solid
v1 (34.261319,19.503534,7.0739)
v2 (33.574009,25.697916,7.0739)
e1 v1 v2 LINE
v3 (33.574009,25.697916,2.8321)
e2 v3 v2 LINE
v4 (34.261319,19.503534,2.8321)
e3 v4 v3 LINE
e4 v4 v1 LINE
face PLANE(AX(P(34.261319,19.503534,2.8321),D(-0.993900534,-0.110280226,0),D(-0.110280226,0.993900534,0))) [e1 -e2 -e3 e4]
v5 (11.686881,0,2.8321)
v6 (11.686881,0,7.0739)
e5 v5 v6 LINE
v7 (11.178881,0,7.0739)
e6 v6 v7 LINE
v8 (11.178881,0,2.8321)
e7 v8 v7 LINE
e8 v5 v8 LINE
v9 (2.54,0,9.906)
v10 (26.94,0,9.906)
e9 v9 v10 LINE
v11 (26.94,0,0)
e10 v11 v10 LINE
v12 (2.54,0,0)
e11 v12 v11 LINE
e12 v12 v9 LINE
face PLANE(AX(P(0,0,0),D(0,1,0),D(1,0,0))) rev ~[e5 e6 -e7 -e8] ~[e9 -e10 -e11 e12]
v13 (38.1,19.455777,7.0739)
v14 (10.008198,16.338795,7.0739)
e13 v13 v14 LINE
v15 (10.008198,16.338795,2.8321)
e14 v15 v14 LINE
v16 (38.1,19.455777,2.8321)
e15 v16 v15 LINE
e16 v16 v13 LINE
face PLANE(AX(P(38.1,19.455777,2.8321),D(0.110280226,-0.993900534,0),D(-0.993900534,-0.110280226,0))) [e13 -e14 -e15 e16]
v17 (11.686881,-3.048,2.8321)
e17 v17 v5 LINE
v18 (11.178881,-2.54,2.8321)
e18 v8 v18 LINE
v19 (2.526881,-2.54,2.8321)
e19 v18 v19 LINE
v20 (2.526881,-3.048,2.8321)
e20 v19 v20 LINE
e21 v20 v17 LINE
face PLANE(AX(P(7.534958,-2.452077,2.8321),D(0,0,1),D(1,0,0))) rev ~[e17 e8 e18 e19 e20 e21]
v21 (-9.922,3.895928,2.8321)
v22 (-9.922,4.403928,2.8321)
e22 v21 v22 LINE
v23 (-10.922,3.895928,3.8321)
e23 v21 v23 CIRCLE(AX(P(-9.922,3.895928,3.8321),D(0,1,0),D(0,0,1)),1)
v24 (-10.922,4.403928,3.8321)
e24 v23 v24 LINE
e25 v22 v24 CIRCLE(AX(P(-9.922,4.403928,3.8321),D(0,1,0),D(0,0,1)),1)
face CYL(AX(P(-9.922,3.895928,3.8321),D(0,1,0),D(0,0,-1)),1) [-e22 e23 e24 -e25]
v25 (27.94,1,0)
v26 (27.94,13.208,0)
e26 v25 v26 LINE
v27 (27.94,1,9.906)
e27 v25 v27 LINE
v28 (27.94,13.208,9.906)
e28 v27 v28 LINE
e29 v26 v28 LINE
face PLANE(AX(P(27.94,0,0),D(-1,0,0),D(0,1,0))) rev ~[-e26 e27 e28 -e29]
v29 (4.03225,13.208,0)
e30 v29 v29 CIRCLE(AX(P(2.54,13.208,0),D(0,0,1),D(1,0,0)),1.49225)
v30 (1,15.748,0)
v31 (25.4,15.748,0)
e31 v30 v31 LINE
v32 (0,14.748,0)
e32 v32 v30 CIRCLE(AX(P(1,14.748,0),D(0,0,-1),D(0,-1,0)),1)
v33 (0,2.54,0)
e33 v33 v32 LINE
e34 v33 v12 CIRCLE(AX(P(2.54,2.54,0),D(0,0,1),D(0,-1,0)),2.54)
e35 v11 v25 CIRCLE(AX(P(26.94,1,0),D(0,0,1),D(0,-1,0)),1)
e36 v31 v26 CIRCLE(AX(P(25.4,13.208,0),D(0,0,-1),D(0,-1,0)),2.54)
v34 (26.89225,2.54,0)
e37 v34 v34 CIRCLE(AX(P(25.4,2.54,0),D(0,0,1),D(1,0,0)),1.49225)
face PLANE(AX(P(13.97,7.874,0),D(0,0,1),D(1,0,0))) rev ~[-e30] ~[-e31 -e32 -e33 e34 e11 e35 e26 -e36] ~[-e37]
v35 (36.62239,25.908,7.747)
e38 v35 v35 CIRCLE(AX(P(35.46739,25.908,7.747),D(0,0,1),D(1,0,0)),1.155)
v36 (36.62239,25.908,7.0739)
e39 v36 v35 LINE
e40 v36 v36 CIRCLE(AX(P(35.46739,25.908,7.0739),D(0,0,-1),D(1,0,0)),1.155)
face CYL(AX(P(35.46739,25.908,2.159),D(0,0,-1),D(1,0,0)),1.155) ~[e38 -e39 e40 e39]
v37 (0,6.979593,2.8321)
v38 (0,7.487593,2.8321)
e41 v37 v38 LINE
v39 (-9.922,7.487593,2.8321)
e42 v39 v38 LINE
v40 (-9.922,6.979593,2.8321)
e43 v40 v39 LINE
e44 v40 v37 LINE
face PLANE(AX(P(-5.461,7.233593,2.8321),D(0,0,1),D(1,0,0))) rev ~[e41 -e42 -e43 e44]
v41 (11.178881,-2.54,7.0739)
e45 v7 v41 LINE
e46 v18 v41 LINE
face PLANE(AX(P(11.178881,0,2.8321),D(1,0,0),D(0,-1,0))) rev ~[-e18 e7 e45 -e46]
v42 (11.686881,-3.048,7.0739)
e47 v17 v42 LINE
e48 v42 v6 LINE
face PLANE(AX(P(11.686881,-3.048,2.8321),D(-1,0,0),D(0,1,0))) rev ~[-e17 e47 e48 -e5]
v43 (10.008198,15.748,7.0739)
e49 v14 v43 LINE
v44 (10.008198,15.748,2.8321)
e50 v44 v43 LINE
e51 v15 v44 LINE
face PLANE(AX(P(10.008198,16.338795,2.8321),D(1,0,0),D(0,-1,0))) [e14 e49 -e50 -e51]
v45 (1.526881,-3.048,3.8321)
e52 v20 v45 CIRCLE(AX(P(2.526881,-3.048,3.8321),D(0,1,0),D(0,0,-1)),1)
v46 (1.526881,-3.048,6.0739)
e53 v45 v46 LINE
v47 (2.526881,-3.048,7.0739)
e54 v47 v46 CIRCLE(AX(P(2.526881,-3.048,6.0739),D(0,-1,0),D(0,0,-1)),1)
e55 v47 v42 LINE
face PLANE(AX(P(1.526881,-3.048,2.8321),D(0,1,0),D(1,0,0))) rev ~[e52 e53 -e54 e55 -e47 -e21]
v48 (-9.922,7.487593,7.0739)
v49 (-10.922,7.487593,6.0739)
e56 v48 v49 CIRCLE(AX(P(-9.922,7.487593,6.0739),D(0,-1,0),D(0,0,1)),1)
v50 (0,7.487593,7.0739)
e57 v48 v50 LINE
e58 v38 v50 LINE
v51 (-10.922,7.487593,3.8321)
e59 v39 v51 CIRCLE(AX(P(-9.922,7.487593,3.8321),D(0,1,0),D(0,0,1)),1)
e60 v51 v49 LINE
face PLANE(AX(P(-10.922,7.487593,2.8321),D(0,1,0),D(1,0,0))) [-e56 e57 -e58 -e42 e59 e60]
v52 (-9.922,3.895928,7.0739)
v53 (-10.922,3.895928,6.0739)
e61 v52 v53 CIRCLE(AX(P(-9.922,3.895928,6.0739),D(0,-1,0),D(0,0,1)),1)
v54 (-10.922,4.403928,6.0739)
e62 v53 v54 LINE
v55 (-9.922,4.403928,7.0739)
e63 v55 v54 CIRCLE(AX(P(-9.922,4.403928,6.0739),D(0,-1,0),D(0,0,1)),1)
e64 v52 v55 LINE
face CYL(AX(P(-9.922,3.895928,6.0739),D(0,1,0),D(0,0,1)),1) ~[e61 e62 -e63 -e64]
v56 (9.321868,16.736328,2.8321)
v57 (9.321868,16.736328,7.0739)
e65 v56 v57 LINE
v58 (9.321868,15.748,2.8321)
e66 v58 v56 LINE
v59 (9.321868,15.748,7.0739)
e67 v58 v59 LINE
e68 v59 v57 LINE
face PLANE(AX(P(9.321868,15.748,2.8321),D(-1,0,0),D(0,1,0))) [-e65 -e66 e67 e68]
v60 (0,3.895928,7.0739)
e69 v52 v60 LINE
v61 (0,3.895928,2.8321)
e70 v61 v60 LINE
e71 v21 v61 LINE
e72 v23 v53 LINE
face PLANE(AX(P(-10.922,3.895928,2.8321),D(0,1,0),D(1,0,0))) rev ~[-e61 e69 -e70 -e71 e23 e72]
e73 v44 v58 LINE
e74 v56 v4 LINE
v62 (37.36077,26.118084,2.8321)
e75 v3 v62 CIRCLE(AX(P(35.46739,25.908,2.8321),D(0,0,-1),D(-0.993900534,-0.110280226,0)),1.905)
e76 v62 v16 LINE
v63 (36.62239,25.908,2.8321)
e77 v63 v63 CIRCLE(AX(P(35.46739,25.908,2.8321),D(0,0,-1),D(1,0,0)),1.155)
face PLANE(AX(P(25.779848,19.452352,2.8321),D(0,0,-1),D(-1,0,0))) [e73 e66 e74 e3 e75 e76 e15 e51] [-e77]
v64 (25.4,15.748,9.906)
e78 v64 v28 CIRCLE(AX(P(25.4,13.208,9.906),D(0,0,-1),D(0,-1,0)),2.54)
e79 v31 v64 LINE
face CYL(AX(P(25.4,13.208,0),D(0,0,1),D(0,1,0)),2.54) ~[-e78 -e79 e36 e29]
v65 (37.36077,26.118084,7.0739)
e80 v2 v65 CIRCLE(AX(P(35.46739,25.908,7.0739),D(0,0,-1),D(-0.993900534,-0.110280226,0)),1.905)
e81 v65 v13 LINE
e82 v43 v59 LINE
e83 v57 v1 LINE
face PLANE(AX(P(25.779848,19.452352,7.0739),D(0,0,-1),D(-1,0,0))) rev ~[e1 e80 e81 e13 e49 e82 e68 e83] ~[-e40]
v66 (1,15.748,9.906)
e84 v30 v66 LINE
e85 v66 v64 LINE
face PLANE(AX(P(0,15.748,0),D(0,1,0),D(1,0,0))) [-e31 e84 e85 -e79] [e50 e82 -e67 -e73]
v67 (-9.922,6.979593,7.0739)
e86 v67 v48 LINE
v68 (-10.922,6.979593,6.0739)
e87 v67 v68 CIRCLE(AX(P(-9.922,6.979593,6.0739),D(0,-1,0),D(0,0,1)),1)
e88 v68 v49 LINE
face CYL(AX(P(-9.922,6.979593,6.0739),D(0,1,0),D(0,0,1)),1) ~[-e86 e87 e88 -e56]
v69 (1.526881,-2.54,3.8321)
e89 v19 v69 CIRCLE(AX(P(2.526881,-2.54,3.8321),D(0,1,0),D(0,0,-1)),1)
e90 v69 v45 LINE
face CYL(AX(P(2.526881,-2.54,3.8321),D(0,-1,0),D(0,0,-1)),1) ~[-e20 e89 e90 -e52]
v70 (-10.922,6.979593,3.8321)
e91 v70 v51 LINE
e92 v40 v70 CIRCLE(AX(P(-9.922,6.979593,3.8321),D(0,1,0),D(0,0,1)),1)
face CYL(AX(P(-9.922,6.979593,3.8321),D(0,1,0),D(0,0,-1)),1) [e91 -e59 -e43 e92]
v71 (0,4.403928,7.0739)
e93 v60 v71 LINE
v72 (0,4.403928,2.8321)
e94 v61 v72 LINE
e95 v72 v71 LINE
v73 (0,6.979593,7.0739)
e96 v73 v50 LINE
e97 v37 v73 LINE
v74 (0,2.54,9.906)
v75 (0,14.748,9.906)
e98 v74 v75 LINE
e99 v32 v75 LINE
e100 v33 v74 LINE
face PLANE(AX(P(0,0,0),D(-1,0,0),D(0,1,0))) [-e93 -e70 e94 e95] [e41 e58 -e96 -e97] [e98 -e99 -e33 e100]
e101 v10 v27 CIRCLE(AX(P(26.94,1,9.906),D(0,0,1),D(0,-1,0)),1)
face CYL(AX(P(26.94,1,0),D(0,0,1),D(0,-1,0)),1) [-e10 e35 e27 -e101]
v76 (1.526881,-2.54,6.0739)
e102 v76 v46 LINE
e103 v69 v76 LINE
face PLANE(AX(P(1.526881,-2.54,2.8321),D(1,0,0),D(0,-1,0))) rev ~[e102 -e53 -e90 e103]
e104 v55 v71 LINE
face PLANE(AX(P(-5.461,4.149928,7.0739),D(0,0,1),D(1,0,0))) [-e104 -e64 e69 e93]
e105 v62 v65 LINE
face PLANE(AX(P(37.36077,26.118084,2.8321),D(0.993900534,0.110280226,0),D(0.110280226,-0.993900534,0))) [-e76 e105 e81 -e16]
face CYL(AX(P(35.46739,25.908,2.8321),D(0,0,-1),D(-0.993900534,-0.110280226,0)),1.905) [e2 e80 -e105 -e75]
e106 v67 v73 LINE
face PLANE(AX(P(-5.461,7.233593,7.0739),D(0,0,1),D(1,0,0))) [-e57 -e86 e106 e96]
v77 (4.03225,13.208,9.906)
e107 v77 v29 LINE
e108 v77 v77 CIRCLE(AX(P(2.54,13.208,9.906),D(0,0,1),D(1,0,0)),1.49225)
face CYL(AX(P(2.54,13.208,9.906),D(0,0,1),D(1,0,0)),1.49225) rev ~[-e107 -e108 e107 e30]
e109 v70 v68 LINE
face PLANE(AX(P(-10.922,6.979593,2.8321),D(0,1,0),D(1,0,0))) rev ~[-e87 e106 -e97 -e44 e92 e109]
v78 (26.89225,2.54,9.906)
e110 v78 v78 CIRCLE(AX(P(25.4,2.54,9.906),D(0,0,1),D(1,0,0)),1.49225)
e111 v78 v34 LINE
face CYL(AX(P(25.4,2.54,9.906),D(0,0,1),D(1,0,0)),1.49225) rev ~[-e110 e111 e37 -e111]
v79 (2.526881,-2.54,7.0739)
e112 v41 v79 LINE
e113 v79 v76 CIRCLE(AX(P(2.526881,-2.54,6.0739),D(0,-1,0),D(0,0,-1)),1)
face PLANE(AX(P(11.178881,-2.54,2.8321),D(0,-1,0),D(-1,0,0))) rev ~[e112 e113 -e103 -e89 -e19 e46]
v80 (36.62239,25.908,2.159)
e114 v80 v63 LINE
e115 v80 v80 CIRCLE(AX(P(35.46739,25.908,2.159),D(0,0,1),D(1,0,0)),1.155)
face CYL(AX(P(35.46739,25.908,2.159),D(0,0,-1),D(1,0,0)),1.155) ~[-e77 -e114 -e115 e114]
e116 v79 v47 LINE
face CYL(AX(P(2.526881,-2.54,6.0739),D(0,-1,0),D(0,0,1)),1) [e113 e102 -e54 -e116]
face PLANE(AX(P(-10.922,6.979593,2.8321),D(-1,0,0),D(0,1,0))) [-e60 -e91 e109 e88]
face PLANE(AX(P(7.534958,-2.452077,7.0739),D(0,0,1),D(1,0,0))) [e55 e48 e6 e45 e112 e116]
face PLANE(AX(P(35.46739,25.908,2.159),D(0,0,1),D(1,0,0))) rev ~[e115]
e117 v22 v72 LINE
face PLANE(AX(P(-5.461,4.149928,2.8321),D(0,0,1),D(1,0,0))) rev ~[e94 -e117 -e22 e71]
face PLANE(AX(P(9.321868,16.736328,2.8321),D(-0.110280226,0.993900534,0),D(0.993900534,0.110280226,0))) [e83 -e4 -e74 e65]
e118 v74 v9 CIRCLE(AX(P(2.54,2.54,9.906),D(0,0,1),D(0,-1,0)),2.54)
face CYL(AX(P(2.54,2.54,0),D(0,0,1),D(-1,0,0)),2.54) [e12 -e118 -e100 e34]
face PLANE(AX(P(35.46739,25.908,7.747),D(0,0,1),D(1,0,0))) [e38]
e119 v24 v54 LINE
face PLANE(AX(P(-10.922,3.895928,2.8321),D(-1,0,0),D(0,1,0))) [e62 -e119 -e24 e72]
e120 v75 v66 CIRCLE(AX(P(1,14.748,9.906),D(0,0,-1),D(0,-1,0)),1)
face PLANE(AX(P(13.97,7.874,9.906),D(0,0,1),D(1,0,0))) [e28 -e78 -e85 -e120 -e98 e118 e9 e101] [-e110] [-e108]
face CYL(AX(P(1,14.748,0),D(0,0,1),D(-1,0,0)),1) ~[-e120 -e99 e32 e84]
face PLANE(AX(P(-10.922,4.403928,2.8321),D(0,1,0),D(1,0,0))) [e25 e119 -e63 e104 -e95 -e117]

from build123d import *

# Parameters (mm, degrees)
SKETCH1_W                = 27.94
SKETCH1_H                = 15.748
BOSS_EXTRUDE1_DEPTH      = 9.906
SKETCH2_R                = 1.49225
CUT_EXTRUDE1_DEPTH       = 34.567423792
FILLET1_R                = 2.54
BOSS_EXTRUDE2_DEPTH      = 2.1209
BOSS_EXTRUDE2_DEPTH_BACK = 2.1209
SKETCH3_W                = 10.922
SKETCH3_H                = 0.508
FILLET2_R                = 1
BOSS_EXTRUDE3_DEPTH      = 2.794
BOSS_EXTRUDE3_DEPTH_BACK = 2.794
SKETCH4_R                = 1.155


with BuildPart() as part:
    # Sketch1 → Boss-Extrude1 (new body)
    with BuildSketch(Plane.XY):
        with Locations((13.97, 7.874)):
            Rectangle(SKETCH1_W, SKETCH1_H)
    extrude(amount=BOSS_EXTRUDE1_DEPTH)

    # Sketch2 → Cut-Extrude1 (cut, through all)
    with BuildSketch(Plane.XY.offset(9.906)):
        with Locations((2.54, 13.208)):
            Circle(SKETCH2_R)
        with Locations((25.4, 2.54)):
            Circle(SKETCH2_R)
    extrude(amount=-CUT_EXTRUDE1_DEPTH, mode=Mode.SUBTRACT)

    # Fillet1
    fillet1_edges = [part.edges().sort_by_distance(p)[0] for p in [
        (27.94, 15.748, 4.953),
        (0, 0, 4.953),
    ]]
    fillet(fillet1_edges, radius=FILLET1_R)

    # Sketch3 → Boss-Extrude2 (add, two sides: drawn at the far end of the back side and taken through both)
    with BuildSketch(Plane.XY.offset(4.953).offset(-BOSS_EXTRUDE2_DEPTH_BACK)):
        with BuildLine():
            Line((9.321868026, 15.748), (9.321868026, 16.736327505))
            Line((9.321868026, 16.736327505), (34.261319398, 19.503534314))
            Line((34.261319398, 19.503534314), (33.574009344, 25.69791617))
            ThreePointArc((33.574009344, 25.69791617), (35.257306032, 27.801380518), (37.360770379, 26.11808383))
            Line((37.360770379, 26.11808383), (38.1, 19.455776874))
            Line((38.1, 19.455776874), (10.0081978, 16.338794661))
            Line((10.0081978, 16.338794661), (10.0081978, 15.748))
            Line((10.0081978, 15.748), (9.321868026, 15.748))
        make_face()
        Polygon((11.178880787, 0), (11.178880787, -2.54), (1.526880787, -2.54), (1.526880787, -3.048), (11.686880787, -3.048), (11.686880787, 0), align=None)
        with Locations((-5.461, 4.149928027)):
            Rectangle(SKETCH3_W, SKETCH3_H)
        with Locations((-5.461, 7.23359273)):
            Rectangle(SKETCH3_W, SKETCH3_H)
    extrude(amount=BOSS_EXTRUDE2_DEPTH + BOSS_EXTRUDE2_DEPTH_BACK)

    # Fillet2
    fillet2_edges = [part.edges().sort_by_distance(p)[0] for p in [
        (1.526880787, -2.794, 2.8321),
        (1.526880787, -2.794, 7.0739),
        (-10.922, 4.149928027, 2.8321),
        (-10.922, 4.149928027, 7.0739),
        (0, 15.748, 4.953),
        (27.94, 0, 4.953),
        (-10.922, 7.23359273, 2.8321),
        (-10.922, 7.23359273, 7.0739),
    ]]
    fillet(fillet2_edges, radius=FILLET2_R)

    # Sketch4 → Boss-Extrude3 (add, two sides: drawn at the far end of the back side and taken through both)
    with BuildSketch(Plane.XY.offset(4.953).offset(-BOSS_EXTRUDE3_DEPTH_BACK)):
        with Locations((35.467389862, 25.908)):
            Circle(SKETCH4_R)
    extrude(amount=BOSS_EXTRUDE3_DEPTH + BOSS_EXTRUDE3_DEPTH_BACK)


solid = part.part
